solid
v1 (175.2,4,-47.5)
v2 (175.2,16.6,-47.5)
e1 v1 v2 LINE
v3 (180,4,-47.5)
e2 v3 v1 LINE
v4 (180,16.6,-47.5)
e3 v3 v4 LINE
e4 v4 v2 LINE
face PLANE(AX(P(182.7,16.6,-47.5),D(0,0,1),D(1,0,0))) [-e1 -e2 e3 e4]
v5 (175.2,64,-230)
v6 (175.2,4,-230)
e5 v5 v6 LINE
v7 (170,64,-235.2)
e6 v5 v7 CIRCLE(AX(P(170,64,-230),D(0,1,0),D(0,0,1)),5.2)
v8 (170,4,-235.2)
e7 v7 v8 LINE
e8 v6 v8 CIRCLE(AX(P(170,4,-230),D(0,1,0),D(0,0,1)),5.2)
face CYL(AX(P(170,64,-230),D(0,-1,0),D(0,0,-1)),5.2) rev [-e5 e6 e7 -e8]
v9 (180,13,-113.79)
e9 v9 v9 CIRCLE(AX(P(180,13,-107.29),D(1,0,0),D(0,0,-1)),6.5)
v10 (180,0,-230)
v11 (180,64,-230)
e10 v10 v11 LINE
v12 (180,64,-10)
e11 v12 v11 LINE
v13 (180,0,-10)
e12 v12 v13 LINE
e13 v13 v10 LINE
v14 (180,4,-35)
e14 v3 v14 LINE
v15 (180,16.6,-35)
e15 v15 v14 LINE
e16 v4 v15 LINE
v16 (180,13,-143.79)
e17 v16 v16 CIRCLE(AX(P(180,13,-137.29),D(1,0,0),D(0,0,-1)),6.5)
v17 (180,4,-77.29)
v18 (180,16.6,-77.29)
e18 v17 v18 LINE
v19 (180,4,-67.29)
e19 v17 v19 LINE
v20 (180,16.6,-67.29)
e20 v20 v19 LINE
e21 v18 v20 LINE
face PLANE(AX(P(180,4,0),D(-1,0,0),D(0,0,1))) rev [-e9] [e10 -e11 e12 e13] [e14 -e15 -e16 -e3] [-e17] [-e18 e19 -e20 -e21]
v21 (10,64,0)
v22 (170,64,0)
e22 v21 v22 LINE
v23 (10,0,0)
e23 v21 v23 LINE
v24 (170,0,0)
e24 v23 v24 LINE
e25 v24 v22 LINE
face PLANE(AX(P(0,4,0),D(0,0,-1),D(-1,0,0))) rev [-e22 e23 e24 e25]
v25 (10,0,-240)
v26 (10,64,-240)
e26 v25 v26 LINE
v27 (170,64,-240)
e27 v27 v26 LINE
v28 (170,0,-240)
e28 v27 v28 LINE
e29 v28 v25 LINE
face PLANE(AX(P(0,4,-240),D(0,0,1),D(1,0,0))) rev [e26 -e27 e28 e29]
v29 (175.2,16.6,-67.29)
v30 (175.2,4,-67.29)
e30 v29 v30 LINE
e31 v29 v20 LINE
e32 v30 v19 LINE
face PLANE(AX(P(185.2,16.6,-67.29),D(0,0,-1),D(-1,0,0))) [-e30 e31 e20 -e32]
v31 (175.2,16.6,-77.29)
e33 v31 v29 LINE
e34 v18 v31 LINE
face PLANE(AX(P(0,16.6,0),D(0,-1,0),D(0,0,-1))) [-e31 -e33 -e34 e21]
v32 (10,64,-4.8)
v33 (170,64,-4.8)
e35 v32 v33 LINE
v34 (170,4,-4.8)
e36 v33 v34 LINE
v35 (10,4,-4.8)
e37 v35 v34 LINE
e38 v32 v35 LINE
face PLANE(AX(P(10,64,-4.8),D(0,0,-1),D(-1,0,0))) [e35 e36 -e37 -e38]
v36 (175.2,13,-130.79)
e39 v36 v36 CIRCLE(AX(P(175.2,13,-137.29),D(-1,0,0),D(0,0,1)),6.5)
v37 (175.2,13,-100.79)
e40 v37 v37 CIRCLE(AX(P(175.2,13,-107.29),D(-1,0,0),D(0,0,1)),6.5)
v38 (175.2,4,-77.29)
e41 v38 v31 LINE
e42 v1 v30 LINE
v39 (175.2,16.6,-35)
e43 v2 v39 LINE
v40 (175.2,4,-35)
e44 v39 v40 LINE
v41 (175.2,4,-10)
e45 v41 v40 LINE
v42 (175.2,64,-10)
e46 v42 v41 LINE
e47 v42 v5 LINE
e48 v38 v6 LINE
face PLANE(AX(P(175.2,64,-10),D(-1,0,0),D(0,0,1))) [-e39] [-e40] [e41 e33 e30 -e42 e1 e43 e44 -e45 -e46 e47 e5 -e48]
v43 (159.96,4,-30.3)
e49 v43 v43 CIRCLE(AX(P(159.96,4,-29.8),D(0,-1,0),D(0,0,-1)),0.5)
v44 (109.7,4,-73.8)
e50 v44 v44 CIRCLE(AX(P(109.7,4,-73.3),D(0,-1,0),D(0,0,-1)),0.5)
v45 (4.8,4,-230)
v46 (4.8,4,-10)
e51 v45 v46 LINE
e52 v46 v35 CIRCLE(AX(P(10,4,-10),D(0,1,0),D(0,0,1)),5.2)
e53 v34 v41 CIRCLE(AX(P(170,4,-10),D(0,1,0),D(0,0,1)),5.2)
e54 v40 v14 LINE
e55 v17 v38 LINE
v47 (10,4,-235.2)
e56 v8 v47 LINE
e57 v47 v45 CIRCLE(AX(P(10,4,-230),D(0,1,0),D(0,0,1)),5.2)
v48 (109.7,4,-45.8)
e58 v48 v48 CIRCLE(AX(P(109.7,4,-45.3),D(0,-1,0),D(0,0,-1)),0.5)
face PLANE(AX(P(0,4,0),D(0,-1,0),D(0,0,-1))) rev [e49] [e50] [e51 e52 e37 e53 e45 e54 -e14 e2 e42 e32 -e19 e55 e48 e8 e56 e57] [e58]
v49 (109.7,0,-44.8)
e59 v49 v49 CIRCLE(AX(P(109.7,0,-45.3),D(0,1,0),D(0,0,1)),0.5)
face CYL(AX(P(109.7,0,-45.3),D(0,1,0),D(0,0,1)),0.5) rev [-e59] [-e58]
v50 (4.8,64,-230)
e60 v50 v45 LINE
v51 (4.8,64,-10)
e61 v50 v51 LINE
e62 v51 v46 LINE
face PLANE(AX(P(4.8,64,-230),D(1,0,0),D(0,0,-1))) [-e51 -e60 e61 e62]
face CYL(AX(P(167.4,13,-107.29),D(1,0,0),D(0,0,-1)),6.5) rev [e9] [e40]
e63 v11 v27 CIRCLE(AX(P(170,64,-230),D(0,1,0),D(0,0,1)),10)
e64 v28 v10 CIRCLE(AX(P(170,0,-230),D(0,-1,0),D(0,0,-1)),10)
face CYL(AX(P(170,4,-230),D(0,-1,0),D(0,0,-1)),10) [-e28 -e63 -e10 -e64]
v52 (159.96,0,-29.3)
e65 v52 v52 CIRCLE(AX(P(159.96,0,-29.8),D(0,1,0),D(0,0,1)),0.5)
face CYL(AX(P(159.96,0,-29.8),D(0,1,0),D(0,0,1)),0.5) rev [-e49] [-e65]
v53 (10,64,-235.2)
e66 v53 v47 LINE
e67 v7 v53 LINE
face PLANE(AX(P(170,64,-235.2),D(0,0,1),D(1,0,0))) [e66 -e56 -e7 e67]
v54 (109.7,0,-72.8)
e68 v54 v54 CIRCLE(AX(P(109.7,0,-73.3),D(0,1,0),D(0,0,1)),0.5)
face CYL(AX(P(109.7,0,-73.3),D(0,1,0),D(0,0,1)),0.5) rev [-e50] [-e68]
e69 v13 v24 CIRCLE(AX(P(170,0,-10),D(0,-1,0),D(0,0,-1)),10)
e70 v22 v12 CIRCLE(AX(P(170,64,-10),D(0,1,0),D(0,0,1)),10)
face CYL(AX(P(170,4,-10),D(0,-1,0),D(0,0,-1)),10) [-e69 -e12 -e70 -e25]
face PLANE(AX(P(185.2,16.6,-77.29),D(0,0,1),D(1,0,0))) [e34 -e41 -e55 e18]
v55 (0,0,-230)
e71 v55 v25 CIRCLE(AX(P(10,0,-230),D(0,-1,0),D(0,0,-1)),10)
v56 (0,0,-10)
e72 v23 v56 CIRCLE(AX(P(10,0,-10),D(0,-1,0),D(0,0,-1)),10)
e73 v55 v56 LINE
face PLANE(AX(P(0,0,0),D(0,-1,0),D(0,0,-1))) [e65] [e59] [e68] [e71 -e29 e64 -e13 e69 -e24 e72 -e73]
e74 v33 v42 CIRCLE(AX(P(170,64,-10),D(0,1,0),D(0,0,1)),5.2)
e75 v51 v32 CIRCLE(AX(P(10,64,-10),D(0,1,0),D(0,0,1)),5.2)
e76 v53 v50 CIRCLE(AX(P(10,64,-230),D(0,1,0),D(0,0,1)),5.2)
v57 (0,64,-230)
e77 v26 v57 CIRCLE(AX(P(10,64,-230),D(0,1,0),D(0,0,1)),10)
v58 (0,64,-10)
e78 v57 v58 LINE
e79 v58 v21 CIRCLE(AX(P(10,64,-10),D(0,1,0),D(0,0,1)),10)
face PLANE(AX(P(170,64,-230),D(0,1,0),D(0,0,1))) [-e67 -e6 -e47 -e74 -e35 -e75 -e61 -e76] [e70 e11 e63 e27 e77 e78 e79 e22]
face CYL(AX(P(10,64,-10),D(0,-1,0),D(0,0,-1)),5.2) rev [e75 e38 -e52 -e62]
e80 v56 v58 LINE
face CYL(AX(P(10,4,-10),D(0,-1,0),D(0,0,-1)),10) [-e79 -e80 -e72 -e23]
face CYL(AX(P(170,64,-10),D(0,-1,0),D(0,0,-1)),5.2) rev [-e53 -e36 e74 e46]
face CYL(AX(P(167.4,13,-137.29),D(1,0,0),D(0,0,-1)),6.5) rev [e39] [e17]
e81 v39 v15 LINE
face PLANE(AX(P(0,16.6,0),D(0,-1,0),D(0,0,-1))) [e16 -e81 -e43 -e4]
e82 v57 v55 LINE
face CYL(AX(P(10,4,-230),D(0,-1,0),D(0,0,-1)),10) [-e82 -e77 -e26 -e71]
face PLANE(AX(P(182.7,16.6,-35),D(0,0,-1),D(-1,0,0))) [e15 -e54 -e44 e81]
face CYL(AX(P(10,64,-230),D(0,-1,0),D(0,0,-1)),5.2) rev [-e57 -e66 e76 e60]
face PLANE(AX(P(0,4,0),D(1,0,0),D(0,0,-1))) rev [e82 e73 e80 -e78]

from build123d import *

# Parameters (mm, degrees)
SKETCH1_W               = 180
SKETCH1_H               = 240
BOSS_EXTRUDE1_DEPTH     = 4
FILLET1_R               = 10
BOSS_EXTRUDE2_DEPTH     = 60
SKETCH3_R               = 0.5
CUT_EXTRUDE1_DEPTH      = 61
CUT_EXTRUDE1_DEPTH_BACK = 5
SKETCH4_W               = 15
SKETCH4_H               = 12.5
SKETCH4_W_2             = 20
SKETCH4_H_2             = 10
CUT_EXTRUDE2_DEPTH      = 12.6
SKETCH5_R               = 6.5
CUT_EXTRUDE3_DEPTH      = 12.6


with BuildPart() as part:
    # Sketch1 → Boss-Extrude1 (new body)
    with BuildSketch(Plane(origin=(0, 0, 0), x_dir=(1, 0, 0), z_dir=(0, 1, 0))):
        with Locations((90, 120)):
            Rectangle(SKETCH1_W, SKETCH1_H)
    extrude(amount=BOSS_EXTRUDE1_DEPTH)

    # Fillet1
    fillet1_edges = [part.edges().sort_by_distance(p)[0] for p in [
        (0, 2, -240),
        (180, 2, -240),
        (180, 2, 0),
        (0, 2, 0),
    ]]
    fillet(fillet1_edges, radius=FILLET1_R)

    # Sketch2 → Boss-Extrude2 (add)
    with BuildSketch(Plane(origin=(0, 4, 0), x_dir=(1, 0, 0), z_dir=(0, 1, 0))):
        with BuildLine():
            Line((170, 240), (10, 240))
            ThreePointArc((10, 240), (2.928932188, 237.071067812), (0, 230))
            Line((0, 230), (0, 10))
            ThreePointArc((0, 10), (2.928932188, 2.928932188), (10, 0))
            Line((10, 0), (170, 0))
            ThreePointArc((170, 0), (177.071067812, 2.928932188), (180, 10))
            Line((180, 10), (180, 230))
            ThreePointArc((180, 230), (177.071067812, 237.071067812), (170, 240))
        make_face()
        with BuildLine():
            Line((170, 235.2), (10, 235.2))
            ThreePointArc((10, 235.2), (6.323044738, 233.676955262), (4.8, 230))
            Line((4.8, 230), (4.8, 10))
            ThreePointArc((4.8, 10), (6.323044738, 6.323044738), (10, 4.8))
            Line((10, 4.8), (170, 4.8))
            ThreePointArc((170, 4.8), (173.676955262, 6.323044738), (175.2, 10))
            Line((175.2, 10), (175.2, 230))
            ThreePointArc((175.2, 230), (173.676955262, 233.676955262), (170, 235.2))
        make_face(mode=Mode.SUBTRACT)
    extrude(amount=BOSS_EXTRUDE2_DEPTH)

    # Sketch3 → Cut-Extrude1 (cut, two sides)
    with BuildSketch(Plane(origin=(0, 4, 0), x_dir=(1, 0, 0), z_dir=(0, 1, 0))) as cut_extrude1_sk:
        with Locations((159.96, 29.8)):
            Circle(SKETCH3_R)
        with Locations((109.7, 45.3)):
            Circle(SKETCH3_R)
        with Locations((109.7, 73.3)):
            Circle(SKETCH3_R)
    extrude(amount=CUT_EXTRUDE1_DEPTH, mode=Mode.SUBTRACT)
    extrude(cut_extrude1_sk.sketch, amount=-CUT_EXTRUDE1_DEPTH_BACK, mode=Mode.SUBTRACT)

    # Sketch4 → Cut-Extrude2 (cut)
    with BuildSketch(Plane(origin=(0, 4, 0), x_dir=(1, 0, 0), z_dir=(0, 1, 0))):
        with Locations((175.2, 41.25)):
            Rectangle(SKETCH4_W, SKETCH4_H)
        with Locations((175.2, 72.29)):
            Rectangle(SKETCH4_W_2, SKETCH4_H_2)
    extrude(amount=CUT_EXTRUDE2_DEPTH, mode=Mode.SUBTRACT)

    # Sketch5 → Cut-Extrude3 (cut)
    with BuildSketch(Plane(origin=(180, 0, 0), x_dir=(0, 0, -1), z_dir=(1, 0, 0))):
        with Locations((107.29, 13)):
            Circle(SKETCH5_R)
        with Locations((137.29, 13)):
            Circle(SKETCH5_R)
    extrude(amount=-CUT_EXTRUDE3_DEPTH, mode=Mode.SUBTRACT)


solid = part.part
